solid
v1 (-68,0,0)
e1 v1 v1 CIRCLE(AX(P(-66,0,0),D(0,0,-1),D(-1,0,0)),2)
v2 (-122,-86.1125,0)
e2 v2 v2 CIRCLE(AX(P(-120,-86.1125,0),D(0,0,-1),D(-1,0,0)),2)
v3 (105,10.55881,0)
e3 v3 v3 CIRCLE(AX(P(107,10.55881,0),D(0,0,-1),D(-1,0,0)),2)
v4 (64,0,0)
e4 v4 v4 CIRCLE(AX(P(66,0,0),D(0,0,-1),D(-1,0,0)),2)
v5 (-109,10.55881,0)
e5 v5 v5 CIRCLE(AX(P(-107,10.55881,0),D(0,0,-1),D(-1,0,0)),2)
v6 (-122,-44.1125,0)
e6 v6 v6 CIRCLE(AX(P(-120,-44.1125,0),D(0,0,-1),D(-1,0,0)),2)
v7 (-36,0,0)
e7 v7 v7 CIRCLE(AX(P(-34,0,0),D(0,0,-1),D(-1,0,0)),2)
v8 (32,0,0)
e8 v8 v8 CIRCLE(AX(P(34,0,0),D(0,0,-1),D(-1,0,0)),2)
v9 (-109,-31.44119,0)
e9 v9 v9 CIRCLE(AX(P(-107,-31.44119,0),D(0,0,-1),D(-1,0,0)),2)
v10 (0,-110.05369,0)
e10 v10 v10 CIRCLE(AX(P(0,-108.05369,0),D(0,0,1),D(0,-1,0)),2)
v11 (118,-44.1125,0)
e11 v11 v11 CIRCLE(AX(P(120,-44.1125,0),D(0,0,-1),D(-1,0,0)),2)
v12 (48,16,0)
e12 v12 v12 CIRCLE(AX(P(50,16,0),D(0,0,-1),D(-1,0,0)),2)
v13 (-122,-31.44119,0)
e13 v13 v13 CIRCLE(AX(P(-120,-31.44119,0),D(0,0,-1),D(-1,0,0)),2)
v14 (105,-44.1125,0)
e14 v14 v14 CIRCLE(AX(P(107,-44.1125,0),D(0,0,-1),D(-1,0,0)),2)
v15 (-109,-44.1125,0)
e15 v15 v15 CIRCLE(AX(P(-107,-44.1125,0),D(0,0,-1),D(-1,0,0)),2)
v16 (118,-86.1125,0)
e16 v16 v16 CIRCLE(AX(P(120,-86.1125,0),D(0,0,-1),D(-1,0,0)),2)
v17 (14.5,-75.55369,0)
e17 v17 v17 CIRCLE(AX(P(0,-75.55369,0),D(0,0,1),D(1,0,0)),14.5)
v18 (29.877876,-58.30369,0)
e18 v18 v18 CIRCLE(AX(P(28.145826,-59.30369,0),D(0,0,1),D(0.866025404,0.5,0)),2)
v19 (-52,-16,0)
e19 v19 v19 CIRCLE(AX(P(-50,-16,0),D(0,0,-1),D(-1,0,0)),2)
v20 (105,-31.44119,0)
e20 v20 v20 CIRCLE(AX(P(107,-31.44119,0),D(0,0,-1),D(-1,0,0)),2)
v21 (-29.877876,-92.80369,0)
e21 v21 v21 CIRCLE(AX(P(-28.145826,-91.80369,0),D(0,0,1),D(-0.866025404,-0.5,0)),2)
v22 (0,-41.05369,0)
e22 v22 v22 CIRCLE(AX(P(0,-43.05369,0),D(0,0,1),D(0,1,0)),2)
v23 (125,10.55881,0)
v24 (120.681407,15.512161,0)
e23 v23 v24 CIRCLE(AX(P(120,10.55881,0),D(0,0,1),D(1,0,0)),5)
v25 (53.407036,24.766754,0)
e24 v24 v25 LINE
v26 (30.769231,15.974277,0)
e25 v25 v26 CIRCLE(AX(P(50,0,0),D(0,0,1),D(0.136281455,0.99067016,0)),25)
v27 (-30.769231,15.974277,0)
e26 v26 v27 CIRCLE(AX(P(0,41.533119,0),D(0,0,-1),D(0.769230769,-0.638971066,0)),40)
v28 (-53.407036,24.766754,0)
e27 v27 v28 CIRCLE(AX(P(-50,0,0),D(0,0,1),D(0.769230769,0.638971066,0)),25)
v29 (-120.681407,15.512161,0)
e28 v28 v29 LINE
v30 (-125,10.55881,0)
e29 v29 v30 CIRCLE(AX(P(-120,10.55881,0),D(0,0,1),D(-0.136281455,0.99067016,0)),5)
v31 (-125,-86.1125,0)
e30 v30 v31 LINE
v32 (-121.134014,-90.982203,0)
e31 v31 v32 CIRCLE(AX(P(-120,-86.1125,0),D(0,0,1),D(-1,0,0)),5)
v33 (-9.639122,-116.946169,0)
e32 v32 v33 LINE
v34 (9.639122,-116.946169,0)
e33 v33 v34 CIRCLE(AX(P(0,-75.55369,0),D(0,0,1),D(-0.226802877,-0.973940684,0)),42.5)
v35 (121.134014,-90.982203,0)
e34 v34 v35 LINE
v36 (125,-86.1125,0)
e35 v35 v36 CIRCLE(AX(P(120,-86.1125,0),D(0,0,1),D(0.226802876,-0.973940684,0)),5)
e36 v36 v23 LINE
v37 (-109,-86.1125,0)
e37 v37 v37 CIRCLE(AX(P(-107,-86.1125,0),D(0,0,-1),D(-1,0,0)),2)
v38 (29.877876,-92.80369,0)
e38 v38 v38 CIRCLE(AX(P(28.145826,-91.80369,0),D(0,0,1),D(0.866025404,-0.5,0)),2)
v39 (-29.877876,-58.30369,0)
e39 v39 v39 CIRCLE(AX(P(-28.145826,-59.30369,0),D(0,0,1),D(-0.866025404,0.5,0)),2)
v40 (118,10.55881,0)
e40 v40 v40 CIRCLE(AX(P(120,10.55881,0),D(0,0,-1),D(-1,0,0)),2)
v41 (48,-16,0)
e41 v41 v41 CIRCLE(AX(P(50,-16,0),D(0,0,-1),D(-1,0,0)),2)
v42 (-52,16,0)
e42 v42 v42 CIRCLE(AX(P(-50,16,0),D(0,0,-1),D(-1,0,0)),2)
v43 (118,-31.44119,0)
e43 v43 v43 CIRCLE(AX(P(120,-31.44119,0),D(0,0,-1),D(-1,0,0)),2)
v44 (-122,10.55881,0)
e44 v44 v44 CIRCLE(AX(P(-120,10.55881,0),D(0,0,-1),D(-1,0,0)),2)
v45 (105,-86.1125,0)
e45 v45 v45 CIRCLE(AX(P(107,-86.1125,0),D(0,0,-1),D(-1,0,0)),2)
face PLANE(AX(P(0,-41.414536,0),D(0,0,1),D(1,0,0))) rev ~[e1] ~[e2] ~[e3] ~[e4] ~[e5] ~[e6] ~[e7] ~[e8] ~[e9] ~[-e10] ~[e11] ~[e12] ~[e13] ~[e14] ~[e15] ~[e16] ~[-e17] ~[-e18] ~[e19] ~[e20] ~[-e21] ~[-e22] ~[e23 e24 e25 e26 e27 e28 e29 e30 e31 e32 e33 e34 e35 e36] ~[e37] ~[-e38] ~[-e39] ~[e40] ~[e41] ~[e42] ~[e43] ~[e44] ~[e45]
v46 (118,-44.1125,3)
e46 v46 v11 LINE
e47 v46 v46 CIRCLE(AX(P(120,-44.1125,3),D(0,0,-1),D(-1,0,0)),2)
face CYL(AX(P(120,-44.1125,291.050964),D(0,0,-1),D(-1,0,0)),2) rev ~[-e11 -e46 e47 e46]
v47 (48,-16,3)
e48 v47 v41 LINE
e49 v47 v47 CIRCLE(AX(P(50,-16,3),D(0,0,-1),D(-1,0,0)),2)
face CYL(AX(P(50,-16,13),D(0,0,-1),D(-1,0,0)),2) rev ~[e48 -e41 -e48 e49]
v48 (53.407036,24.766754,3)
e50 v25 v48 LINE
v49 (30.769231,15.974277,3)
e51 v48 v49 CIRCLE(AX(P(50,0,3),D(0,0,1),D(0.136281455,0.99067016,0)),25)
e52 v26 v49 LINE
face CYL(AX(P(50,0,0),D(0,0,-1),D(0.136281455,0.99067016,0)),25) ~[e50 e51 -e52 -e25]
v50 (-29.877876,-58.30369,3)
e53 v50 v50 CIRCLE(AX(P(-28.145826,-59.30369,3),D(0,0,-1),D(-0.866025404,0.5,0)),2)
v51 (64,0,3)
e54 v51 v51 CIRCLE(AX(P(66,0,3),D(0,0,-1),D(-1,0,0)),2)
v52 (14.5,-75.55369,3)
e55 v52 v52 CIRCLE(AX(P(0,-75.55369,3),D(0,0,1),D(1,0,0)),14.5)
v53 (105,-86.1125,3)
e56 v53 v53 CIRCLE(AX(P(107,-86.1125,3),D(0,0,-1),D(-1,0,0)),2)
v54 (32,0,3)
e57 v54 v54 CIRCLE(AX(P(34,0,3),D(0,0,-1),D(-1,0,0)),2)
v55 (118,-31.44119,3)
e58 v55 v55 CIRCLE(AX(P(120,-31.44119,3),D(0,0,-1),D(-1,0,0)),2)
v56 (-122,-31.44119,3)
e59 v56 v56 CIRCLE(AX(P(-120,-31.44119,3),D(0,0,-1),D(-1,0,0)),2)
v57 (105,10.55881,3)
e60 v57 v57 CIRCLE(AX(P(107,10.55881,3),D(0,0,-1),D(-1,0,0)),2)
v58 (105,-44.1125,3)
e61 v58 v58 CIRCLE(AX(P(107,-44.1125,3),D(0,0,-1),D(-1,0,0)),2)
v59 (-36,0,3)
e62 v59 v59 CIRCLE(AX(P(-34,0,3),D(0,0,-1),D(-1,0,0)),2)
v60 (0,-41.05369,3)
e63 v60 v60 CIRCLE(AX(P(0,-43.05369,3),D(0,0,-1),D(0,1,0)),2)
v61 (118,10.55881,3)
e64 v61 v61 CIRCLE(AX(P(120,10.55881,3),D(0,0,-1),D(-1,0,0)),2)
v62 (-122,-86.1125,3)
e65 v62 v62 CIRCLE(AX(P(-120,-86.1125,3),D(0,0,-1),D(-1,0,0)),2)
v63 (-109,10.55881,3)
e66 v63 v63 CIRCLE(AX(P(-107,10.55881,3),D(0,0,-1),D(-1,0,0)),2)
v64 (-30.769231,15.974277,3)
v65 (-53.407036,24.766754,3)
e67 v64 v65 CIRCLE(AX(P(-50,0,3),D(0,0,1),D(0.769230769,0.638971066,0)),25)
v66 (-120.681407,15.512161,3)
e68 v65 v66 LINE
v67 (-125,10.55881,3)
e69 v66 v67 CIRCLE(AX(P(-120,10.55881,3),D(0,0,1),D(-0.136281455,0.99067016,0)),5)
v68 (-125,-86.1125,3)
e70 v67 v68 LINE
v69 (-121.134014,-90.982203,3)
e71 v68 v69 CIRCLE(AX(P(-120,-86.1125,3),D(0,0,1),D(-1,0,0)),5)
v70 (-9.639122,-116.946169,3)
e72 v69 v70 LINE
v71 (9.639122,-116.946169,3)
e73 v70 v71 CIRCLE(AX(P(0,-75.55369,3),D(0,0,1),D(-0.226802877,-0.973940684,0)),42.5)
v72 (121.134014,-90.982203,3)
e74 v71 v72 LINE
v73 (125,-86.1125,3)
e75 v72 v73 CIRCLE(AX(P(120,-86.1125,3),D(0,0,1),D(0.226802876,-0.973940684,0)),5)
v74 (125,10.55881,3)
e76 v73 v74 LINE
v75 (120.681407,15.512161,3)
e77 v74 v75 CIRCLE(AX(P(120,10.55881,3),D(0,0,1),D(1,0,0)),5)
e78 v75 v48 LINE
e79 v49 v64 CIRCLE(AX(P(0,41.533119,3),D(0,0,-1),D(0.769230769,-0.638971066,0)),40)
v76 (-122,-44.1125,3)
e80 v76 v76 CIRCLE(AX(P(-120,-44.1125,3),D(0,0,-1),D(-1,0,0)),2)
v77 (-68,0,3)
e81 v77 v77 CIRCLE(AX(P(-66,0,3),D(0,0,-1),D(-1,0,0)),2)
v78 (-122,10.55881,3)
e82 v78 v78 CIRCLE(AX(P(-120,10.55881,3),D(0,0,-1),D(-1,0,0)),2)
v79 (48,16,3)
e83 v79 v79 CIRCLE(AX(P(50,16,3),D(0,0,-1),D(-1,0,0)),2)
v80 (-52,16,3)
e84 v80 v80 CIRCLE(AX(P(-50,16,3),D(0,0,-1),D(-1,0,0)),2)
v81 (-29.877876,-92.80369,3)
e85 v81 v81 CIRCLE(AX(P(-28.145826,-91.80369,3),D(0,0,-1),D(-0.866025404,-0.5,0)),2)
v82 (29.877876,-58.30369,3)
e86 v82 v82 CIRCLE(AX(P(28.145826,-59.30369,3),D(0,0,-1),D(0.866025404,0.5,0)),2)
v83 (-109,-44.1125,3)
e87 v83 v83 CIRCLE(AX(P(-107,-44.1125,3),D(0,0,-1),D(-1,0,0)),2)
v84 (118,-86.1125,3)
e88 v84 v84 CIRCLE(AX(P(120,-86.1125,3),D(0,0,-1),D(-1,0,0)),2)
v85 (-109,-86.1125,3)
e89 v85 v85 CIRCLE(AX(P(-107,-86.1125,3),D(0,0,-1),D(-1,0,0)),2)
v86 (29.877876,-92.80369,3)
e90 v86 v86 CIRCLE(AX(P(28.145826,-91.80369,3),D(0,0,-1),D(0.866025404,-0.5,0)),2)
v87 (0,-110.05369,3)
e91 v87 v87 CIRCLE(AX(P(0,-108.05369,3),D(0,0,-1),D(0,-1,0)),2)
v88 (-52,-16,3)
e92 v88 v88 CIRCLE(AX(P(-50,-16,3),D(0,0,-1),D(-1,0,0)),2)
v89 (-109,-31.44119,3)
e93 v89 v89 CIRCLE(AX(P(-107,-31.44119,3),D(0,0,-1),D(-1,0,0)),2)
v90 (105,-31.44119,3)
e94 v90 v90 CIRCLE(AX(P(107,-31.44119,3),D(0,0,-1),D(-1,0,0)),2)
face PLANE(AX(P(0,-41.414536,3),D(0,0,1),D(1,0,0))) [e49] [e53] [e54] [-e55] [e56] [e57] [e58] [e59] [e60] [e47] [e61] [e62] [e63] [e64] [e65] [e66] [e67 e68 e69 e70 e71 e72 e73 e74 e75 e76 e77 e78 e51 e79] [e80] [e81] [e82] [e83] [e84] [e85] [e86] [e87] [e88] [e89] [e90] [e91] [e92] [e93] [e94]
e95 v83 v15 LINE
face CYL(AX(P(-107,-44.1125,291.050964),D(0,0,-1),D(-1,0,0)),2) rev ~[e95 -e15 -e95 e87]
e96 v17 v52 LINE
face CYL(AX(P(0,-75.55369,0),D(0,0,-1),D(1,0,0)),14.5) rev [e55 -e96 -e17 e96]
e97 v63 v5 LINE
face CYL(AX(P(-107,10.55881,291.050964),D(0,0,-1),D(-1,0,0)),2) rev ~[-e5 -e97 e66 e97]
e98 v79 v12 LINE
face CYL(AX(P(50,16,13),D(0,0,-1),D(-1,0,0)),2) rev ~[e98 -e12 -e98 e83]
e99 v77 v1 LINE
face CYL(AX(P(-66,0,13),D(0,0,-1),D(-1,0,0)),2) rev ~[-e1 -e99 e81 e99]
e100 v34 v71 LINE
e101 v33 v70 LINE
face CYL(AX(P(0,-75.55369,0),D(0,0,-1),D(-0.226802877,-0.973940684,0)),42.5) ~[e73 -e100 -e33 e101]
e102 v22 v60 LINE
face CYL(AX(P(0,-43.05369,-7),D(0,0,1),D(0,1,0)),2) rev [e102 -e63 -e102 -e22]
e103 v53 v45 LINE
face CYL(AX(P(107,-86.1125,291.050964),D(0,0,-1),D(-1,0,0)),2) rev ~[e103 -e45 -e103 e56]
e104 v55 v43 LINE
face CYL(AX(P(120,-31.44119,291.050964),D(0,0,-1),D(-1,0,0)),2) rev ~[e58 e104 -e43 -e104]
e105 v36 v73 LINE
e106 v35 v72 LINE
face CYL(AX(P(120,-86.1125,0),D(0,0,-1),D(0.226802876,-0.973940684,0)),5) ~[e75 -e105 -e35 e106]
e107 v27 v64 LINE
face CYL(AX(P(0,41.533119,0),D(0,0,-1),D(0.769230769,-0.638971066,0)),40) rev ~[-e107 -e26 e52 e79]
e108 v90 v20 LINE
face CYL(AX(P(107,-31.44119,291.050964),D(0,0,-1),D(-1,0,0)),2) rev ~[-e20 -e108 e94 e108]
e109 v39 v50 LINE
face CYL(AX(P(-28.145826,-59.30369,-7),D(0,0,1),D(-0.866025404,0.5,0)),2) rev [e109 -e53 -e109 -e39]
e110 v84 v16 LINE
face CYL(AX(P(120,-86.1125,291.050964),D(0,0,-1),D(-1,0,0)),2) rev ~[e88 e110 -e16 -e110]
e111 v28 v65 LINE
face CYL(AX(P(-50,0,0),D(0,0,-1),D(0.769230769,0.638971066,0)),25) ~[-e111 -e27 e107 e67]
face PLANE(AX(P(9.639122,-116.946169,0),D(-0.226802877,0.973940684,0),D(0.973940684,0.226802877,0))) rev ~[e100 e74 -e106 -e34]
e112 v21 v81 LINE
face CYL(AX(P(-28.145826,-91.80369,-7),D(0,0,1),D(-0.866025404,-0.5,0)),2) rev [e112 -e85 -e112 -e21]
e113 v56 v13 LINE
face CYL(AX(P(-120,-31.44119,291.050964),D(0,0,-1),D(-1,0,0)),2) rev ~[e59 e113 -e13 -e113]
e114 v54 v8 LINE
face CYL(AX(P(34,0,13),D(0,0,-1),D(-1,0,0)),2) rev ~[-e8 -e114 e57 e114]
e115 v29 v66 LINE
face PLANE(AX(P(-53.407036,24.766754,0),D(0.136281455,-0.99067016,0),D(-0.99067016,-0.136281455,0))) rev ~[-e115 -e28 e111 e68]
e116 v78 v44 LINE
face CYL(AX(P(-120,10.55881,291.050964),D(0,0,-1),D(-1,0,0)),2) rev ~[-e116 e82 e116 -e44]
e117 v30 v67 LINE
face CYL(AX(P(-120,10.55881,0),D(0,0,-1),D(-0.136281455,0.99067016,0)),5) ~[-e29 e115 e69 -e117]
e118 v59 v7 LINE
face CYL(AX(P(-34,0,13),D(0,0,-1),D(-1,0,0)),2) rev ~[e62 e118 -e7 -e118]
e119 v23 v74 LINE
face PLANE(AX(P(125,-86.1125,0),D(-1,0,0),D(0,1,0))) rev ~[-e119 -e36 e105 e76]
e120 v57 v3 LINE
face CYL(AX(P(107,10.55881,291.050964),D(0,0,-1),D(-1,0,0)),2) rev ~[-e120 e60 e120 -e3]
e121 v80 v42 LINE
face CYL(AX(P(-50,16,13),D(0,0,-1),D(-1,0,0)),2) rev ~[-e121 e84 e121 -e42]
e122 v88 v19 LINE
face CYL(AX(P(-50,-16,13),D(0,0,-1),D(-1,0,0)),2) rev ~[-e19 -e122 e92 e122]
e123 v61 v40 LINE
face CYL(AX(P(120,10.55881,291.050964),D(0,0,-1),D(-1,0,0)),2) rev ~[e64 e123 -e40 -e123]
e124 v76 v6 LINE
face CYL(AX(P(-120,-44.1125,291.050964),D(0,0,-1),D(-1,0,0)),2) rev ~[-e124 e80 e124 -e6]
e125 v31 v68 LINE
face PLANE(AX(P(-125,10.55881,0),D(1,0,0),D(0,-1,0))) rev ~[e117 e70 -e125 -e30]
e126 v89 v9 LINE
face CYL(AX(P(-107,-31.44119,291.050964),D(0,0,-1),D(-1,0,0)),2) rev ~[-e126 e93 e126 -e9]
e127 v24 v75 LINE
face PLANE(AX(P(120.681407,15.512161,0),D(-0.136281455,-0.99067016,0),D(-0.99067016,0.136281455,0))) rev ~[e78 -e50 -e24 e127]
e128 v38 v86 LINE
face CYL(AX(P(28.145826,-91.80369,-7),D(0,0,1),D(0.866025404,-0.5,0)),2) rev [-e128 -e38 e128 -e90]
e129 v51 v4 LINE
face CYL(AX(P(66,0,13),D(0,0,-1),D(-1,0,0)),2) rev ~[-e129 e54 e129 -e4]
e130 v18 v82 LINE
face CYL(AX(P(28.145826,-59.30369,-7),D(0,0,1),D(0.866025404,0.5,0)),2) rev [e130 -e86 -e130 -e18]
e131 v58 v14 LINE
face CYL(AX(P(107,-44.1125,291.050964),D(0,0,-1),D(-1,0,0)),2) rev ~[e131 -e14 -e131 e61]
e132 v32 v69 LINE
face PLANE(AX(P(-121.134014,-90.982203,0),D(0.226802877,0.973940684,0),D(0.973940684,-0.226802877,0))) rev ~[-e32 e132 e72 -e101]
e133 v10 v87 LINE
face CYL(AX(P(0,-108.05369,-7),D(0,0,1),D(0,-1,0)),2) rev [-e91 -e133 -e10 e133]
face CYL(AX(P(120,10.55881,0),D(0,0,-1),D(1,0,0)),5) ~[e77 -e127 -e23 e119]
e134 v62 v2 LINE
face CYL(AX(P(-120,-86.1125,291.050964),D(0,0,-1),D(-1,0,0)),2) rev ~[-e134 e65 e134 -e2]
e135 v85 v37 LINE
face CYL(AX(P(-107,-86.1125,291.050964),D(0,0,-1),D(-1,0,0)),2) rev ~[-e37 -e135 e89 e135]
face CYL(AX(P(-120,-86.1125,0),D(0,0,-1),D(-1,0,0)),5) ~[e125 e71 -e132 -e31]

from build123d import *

# Parameters (mm, degrees)
SKETCH1_R                = 14.5
BOSS_EXTRUDE1_DEPTH      = 3
M4_CLEARANCE_HOLE1_D     = 4
M4_CLEARANCE_HOLE1_DEPTH = 10
M4_CLEARANCE_HOLE1_TIP   = 1.201721238
CIRPATTERN1_COUNT        = 6
M4_CLEARANCE_HOLE3_D     = 4


with BuildPart() as part:
    # Sketch1 → Boss-Extrude1 (new body)
    with BuildSketch(Plane.XY):
        with BuildLine():
            Line((-125, 10.558810184), (-125, -86.112499703))
            ThreePointArc((-125, -86.112499703), (-123.915997441, -89.221352232), (-121.134014383, -90.982203121))
            Line((-121.134014383, -90.982203121), (-9.639122255, -116.946168572))
            ThreePointArc((-9.639122255, -116.946168572), (0, -118.053689519), (9.639122255, -116.946168572))
            Line((9.639122255, -116.946168572), (121.134014383, -90.982203121))
            ThreePointArc((121.134014383, -90.982203121), (123.915997441, -89.221352232), (125, -86.112499703))
            Line((125, -86.112499703), (125, 10.558810184))
            ThreePointArc((125, 10.558810184), (123.768755522, 13.844610211), (120.681407274, 15.512160982))
            Line((120.681407274, 15.512160982), (53.407036368, 24.76675399))
            ThreePointArc((53.407036368, 24.76675399), (40.948782136, 23.303979385), (30.769230769, 15.974276659))
            ThreePointArc((30.769230769, 15.974276659), (0, 1.533119315), (-30.769230769, 15.974276659))
            ThreePointArc((-30.769230769, 15.974276659), (-40.948782136, 23.303979385), (-53.407036368, 24.76675399))
            Line((-53.407036368, 24.76675399), (-120.681407274, 15.512160982))
            ThreePointArc((-120.681407274, 15.512160982), (-123.768755522, 13.844610211), (-125, 10.558810184))
        make_face()
        with Locations((0, -75.553689519)):
            Circle(SKETCH1_R, mode=Mode.SUBTRACT)
    extrude(amount=BOSS_EXTRUDE1_DEPTH)

    # M4 Clearance Hole1
    with Locations(Plane.XY.offset(3)):
        with Locations((-66, 0), (-34, 0), (-50, 16), (-50, -16), (34, 0), (50, 16), (66, 0), (50, -16)):
            Hole(M4_CLEARANCE_HOLE1_D / 2, depth=M4_CLEARANCE_HOLE1_DEPTH)
            with Locations((0, 0, -(M4_CLEARANCE_HOLE1_DEPTH + M4_CLEARANCE_HOLE1_TIP / 2))):  # 118° drill point
                Cone(0, M4_CLEARANCE_HOLE1_D / 2, M4_CLEARANCE_HOLE1_TIP, mode=Mode.SUBTRACT)

    # Sketch8 → M4 Clearance Hole2 (revolve, cut)
    with BuildSketch(Plane(origin=(0, -108.053689519, 3), x_dir=(0, -1, 0), z_dir=(1, 0, 0))):
        Polygon((0, 0), (0, 11.201721238), (2, 10), (2, 0), align=None)
    m4_clearance_hole2 = revolve(axis=Axis((0, -108.053689519, 9.35), (0, 0, -1)), mode=Mode.SUBTRACT)

    # CirPattern1: M4 Clearance Hole2 ×6 about axis
    cirpattern1_axis = Axis((0, -75.553689519, 0), (0, 0, 1))
    for i in range(1, CIRPATTERN1_COUNT):
        add(m4_clearance_hole2.rotate(cirpattern1_axis, i * 360 / CIRPATTERN1_COUNT), mode=Mode.SUBTRACT)

    # M4 Clearance Hole3 (through all)
    with Locations(Plane.XY.offset(3)):
        with Locations((-120, 10.558810184), (-107, 10.558810184), (-120, -31.441189816), (-107, -31.441189816), (-120, -86.112499703), (-107, -44.112499703), (-120, -44.112499703), (-107, -86.112499703), (120, 10.558810184), (107, -31.441189816), (120, -31.441189816), (107, 10.558810184), (120, -86.112499703), (107, -44.112499703), (120, -44.112499703), (107, -86.112499703)):
            Hole(M4_CLEARANCE_HOLE3_D / 2)


solid = part.part
